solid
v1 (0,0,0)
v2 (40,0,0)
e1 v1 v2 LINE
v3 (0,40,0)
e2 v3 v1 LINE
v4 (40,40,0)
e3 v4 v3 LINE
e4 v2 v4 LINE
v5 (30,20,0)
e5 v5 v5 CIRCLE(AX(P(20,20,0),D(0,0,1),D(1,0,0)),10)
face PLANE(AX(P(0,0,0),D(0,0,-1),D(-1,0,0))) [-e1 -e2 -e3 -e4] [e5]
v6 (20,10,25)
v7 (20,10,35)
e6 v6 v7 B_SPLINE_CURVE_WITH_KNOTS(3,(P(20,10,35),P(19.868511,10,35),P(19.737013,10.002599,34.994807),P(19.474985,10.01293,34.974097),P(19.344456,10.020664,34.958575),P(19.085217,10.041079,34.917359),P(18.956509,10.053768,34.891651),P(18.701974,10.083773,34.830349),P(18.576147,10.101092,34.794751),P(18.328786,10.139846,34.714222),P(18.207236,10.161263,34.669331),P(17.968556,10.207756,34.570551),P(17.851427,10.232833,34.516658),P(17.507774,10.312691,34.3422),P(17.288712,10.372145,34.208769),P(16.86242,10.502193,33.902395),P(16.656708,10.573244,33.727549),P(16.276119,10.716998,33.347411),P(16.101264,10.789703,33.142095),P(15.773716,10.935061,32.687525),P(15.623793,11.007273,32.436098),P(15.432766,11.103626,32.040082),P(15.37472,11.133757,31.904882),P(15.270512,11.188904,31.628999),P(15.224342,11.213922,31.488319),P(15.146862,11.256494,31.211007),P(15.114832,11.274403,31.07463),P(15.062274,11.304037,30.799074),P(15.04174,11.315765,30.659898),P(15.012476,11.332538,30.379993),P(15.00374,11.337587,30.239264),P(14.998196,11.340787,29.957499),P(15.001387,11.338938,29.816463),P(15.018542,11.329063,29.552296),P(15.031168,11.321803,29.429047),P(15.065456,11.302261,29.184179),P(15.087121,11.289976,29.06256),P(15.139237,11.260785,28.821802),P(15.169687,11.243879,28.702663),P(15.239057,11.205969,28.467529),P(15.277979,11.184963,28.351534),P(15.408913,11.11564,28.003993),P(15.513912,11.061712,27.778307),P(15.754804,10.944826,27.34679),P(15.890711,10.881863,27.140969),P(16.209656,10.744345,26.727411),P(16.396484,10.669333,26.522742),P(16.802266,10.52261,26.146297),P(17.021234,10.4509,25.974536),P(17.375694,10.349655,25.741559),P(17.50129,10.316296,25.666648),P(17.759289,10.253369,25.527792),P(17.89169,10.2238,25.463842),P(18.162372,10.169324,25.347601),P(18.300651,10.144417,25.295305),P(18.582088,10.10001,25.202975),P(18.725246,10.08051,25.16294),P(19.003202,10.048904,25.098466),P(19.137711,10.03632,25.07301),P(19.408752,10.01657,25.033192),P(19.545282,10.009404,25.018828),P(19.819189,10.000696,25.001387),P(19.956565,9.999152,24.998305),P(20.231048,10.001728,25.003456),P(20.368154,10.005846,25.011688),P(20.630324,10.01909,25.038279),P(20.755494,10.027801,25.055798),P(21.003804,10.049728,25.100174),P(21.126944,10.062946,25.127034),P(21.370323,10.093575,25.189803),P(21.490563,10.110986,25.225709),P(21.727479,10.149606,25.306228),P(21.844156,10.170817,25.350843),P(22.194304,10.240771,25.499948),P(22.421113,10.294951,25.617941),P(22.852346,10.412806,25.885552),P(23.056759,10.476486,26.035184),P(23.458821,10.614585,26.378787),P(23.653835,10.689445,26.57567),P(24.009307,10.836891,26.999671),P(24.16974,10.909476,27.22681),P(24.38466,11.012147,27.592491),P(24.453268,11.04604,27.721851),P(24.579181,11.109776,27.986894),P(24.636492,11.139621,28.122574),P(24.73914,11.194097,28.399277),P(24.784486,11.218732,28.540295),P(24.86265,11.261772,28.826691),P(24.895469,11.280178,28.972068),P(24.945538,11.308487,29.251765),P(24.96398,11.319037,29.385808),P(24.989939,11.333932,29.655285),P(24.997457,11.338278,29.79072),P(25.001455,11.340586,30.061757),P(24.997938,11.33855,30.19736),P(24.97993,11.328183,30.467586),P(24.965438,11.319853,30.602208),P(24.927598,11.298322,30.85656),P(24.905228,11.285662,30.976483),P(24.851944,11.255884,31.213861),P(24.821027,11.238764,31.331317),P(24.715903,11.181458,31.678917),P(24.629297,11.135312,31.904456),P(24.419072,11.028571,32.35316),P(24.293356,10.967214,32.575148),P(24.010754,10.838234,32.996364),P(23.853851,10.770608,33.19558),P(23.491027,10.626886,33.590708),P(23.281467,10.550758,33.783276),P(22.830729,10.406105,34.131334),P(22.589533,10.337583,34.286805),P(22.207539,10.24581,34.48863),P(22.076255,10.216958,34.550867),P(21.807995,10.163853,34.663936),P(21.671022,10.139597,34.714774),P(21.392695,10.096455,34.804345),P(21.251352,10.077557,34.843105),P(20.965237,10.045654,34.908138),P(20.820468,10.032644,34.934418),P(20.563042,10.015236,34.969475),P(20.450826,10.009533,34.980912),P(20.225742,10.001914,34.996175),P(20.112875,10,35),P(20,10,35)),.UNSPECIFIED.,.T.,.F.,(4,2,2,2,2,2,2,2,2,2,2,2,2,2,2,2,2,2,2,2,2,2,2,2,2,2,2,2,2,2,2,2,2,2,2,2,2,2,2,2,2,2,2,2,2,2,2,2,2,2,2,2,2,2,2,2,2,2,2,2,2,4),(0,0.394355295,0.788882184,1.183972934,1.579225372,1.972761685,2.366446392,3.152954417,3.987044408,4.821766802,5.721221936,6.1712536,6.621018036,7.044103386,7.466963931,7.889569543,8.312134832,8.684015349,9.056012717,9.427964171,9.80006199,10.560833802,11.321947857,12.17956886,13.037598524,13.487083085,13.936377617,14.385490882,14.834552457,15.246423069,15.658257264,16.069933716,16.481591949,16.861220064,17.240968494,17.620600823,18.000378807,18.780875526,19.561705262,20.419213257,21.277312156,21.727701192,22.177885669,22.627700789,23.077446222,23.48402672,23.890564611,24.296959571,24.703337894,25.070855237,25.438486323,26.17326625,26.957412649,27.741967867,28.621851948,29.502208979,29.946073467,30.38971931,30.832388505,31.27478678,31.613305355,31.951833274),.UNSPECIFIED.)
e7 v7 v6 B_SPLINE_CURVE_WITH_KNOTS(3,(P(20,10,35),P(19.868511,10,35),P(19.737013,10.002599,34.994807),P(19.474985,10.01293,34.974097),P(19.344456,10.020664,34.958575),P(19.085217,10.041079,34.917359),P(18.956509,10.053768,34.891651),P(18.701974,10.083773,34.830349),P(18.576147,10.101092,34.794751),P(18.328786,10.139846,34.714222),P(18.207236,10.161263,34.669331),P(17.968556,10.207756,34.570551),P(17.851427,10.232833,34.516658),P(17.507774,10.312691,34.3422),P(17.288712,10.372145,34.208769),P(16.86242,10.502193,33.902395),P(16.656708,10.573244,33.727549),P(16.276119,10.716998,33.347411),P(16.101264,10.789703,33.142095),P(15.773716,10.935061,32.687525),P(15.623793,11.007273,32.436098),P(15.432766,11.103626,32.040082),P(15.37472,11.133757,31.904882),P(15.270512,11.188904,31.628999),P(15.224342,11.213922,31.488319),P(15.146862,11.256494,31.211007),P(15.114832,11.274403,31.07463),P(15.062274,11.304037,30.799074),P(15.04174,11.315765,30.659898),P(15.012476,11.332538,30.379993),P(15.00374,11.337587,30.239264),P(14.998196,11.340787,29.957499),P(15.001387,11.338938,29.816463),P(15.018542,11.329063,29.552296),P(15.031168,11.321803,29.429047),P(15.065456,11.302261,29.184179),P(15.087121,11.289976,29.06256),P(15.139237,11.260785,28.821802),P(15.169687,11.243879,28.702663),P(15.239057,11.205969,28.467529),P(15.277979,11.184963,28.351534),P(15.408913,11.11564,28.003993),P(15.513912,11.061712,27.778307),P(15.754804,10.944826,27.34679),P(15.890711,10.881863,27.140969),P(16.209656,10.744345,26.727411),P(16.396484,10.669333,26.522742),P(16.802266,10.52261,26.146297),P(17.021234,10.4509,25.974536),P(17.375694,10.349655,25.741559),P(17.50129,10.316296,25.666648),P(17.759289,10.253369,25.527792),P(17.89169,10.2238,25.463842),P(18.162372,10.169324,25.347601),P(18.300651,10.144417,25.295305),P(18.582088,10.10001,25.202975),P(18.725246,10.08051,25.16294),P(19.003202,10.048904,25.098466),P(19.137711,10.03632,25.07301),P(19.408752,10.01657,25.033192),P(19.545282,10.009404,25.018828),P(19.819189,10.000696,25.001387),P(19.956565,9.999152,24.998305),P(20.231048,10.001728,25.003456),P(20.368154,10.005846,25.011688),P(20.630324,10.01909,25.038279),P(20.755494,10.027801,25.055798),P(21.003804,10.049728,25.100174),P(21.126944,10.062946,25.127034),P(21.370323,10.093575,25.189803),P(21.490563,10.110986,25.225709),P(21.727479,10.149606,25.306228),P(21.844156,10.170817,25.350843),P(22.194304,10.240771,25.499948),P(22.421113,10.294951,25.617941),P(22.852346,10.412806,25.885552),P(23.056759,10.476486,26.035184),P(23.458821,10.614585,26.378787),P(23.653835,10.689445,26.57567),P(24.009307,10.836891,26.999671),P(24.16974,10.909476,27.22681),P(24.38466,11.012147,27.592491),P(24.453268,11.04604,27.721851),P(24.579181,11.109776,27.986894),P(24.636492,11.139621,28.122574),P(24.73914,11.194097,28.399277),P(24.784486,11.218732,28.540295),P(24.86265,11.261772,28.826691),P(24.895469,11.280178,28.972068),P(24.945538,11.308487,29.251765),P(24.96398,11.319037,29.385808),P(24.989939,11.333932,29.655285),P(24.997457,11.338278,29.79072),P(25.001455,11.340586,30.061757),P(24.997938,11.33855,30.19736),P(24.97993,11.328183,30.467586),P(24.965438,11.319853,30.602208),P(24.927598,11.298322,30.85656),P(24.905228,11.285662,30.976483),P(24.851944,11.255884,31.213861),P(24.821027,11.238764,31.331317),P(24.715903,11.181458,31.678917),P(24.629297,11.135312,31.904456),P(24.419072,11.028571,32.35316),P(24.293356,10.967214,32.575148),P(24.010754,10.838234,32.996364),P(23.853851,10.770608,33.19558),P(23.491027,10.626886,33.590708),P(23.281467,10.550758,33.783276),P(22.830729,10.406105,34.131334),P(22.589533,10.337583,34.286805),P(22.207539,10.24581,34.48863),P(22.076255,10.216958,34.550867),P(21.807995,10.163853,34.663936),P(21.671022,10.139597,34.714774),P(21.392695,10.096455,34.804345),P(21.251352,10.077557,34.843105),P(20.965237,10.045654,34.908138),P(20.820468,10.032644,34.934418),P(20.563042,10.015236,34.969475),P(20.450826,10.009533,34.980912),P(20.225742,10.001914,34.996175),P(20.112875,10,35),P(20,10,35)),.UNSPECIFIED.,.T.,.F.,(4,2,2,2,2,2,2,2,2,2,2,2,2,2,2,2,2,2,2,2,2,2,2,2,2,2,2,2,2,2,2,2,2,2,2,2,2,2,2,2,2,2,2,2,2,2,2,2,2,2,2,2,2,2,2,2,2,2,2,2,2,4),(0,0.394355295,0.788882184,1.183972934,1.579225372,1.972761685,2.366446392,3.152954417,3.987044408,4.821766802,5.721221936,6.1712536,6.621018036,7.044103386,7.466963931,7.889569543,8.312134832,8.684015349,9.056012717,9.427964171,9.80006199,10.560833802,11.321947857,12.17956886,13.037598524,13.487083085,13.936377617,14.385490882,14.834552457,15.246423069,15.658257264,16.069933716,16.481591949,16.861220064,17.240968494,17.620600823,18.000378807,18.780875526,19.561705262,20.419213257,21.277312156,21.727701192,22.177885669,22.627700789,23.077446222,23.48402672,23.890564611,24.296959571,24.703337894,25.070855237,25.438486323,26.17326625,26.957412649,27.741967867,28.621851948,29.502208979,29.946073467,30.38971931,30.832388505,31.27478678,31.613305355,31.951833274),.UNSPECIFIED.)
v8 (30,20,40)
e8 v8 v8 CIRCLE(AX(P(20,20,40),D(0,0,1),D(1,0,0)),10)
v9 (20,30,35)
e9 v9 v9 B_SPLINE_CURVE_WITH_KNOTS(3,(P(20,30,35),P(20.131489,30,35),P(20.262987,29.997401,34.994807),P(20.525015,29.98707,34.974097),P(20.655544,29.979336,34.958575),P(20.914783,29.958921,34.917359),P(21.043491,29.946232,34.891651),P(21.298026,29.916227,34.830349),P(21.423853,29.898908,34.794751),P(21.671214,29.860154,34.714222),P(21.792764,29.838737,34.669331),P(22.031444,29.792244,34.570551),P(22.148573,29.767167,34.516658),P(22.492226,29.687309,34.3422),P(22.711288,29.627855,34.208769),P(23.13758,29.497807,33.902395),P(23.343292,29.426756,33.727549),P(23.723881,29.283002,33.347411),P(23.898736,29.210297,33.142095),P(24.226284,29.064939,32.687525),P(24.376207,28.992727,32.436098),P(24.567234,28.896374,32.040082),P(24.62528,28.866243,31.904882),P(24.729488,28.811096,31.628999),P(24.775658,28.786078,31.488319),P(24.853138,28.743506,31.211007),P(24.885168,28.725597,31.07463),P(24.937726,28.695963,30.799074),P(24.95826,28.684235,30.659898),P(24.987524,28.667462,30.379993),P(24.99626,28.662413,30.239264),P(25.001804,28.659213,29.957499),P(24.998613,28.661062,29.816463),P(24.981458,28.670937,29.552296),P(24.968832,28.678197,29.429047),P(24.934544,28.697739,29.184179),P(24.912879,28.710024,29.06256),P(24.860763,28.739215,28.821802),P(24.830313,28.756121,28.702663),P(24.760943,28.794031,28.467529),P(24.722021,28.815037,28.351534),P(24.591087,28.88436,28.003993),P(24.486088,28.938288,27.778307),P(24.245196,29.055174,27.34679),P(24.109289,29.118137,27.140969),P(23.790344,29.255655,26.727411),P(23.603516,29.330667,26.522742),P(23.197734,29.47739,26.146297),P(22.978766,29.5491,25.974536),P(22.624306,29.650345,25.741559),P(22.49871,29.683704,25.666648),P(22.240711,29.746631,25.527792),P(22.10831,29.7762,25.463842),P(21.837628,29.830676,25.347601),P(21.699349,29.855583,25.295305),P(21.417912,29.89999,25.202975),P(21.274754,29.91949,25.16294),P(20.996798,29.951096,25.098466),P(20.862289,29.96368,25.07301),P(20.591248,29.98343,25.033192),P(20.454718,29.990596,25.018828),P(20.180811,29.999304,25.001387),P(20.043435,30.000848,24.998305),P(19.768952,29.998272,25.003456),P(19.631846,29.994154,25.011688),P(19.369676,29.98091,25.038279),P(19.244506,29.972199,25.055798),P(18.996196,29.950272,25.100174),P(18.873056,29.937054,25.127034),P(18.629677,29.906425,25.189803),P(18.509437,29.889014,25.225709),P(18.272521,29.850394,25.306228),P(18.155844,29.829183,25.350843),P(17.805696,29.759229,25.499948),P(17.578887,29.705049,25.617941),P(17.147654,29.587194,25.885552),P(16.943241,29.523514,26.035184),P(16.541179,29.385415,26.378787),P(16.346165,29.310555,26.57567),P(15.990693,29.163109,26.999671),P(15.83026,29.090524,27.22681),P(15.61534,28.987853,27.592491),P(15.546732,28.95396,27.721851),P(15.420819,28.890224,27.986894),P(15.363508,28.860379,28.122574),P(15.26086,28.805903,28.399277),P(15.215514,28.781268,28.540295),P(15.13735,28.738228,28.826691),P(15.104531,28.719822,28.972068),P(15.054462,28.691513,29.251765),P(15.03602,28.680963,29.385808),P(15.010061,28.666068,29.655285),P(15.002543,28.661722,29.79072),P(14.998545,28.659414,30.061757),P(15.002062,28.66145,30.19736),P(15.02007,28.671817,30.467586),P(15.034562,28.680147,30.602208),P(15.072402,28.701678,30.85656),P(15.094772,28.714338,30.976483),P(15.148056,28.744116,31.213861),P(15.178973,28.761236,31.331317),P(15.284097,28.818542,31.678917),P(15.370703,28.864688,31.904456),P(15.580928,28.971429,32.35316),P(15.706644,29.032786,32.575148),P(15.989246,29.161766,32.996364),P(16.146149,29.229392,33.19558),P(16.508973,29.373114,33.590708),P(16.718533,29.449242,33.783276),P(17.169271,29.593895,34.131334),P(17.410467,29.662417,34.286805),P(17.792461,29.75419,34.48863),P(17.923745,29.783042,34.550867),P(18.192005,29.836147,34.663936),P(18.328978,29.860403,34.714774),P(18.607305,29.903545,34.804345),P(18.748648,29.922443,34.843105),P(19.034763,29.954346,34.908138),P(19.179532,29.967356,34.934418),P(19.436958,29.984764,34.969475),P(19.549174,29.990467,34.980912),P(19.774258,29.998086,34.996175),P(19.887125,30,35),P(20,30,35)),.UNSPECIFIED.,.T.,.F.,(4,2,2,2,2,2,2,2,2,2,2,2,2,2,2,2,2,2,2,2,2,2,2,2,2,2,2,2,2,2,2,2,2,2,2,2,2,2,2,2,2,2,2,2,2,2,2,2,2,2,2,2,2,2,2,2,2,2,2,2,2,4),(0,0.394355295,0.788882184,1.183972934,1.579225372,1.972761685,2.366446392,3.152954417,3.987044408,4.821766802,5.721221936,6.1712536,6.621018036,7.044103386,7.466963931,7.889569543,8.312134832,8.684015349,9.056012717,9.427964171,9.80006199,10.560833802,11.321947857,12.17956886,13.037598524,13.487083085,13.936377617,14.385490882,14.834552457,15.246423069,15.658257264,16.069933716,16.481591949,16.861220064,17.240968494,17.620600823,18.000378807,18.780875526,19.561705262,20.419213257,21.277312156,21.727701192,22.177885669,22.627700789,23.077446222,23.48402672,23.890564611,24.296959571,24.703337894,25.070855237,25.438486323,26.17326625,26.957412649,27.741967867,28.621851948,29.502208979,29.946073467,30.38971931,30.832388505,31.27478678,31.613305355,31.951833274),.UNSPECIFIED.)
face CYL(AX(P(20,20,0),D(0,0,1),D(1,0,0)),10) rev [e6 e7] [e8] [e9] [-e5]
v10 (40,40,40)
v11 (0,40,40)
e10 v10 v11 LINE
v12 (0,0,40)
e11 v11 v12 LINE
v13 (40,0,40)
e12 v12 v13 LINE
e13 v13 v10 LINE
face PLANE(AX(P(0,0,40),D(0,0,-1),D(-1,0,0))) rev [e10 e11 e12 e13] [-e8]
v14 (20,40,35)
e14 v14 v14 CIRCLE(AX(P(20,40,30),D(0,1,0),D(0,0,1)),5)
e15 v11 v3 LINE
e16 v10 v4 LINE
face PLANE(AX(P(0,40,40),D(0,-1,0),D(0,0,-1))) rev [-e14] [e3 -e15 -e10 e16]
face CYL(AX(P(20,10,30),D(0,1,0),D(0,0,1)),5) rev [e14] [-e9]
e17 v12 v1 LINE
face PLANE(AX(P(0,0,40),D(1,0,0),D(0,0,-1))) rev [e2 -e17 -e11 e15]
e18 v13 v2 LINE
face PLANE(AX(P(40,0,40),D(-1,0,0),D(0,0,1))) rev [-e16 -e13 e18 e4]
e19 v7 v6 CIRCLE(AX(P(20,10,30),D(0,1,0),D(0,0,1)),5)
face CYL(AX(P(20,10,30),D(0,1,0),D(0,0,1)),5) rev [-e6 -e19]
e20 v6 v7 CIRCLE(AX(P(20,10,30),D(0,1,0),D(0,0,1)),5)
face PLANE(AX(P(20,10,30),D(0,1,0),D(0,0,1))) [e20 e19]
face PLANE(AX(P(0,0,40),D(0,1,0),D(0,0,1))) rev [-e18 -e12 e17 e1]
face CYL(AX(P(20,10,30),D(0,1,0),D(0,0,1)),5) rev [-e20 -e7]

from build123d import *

# Parameters (mm, degrees)
ESQUISSE1_W             = 40
ESQUISSE1_H             = 40
BOSS_EXTRU_1_DEPTH      = 40
ESQUISSE2_R             = 10
ENL_V_MAT_EXTRU_1_DEPTH = 40
ESQUISSE3_R             = 5
ENL_V_MAT_EXTRU_2_DEPTH = 30


with BuildPart() as part:
    # Esquisse1 → Boss.-Extru.1 (new body)
    with BuildSketch(Plane.XY):
        with Locations((20, 20)):
            Rectangle(ESQUISSE1_W, ESQUISSE1_H)
    extrude(amount=BOSS_EXTRU_1_DEPTH)

    # Esquisse2 → Enlèv. mat.-Extru.1 (cut)
    with BuildSketch(Plane.XY.offset(40)):
        with Locations((20, 20)):
            Circle(ESQUISSE2_R)
    extrude(amount=-ENL_V_MAT_EXTRU_1_DEPTH, mode=Mode.SUBTRACT)

    # Esquisse3 → Enlèv. mat.-Extru.2 (cut)
    with BuildSketch(Plane(origin=(0, 40, 0), x_dir=(1, 0, 0), z_dir=(0, 1, 0))):
        with Locations(Location((20, -30, 0), (0, 0, 270))):
            Circle(ESQUISSE3_R)
    extrude(amount=-ENL_V_MAT_EXTRU_2_DEPTH, mode=Mode.SUBTRACT)


solid = part.part
